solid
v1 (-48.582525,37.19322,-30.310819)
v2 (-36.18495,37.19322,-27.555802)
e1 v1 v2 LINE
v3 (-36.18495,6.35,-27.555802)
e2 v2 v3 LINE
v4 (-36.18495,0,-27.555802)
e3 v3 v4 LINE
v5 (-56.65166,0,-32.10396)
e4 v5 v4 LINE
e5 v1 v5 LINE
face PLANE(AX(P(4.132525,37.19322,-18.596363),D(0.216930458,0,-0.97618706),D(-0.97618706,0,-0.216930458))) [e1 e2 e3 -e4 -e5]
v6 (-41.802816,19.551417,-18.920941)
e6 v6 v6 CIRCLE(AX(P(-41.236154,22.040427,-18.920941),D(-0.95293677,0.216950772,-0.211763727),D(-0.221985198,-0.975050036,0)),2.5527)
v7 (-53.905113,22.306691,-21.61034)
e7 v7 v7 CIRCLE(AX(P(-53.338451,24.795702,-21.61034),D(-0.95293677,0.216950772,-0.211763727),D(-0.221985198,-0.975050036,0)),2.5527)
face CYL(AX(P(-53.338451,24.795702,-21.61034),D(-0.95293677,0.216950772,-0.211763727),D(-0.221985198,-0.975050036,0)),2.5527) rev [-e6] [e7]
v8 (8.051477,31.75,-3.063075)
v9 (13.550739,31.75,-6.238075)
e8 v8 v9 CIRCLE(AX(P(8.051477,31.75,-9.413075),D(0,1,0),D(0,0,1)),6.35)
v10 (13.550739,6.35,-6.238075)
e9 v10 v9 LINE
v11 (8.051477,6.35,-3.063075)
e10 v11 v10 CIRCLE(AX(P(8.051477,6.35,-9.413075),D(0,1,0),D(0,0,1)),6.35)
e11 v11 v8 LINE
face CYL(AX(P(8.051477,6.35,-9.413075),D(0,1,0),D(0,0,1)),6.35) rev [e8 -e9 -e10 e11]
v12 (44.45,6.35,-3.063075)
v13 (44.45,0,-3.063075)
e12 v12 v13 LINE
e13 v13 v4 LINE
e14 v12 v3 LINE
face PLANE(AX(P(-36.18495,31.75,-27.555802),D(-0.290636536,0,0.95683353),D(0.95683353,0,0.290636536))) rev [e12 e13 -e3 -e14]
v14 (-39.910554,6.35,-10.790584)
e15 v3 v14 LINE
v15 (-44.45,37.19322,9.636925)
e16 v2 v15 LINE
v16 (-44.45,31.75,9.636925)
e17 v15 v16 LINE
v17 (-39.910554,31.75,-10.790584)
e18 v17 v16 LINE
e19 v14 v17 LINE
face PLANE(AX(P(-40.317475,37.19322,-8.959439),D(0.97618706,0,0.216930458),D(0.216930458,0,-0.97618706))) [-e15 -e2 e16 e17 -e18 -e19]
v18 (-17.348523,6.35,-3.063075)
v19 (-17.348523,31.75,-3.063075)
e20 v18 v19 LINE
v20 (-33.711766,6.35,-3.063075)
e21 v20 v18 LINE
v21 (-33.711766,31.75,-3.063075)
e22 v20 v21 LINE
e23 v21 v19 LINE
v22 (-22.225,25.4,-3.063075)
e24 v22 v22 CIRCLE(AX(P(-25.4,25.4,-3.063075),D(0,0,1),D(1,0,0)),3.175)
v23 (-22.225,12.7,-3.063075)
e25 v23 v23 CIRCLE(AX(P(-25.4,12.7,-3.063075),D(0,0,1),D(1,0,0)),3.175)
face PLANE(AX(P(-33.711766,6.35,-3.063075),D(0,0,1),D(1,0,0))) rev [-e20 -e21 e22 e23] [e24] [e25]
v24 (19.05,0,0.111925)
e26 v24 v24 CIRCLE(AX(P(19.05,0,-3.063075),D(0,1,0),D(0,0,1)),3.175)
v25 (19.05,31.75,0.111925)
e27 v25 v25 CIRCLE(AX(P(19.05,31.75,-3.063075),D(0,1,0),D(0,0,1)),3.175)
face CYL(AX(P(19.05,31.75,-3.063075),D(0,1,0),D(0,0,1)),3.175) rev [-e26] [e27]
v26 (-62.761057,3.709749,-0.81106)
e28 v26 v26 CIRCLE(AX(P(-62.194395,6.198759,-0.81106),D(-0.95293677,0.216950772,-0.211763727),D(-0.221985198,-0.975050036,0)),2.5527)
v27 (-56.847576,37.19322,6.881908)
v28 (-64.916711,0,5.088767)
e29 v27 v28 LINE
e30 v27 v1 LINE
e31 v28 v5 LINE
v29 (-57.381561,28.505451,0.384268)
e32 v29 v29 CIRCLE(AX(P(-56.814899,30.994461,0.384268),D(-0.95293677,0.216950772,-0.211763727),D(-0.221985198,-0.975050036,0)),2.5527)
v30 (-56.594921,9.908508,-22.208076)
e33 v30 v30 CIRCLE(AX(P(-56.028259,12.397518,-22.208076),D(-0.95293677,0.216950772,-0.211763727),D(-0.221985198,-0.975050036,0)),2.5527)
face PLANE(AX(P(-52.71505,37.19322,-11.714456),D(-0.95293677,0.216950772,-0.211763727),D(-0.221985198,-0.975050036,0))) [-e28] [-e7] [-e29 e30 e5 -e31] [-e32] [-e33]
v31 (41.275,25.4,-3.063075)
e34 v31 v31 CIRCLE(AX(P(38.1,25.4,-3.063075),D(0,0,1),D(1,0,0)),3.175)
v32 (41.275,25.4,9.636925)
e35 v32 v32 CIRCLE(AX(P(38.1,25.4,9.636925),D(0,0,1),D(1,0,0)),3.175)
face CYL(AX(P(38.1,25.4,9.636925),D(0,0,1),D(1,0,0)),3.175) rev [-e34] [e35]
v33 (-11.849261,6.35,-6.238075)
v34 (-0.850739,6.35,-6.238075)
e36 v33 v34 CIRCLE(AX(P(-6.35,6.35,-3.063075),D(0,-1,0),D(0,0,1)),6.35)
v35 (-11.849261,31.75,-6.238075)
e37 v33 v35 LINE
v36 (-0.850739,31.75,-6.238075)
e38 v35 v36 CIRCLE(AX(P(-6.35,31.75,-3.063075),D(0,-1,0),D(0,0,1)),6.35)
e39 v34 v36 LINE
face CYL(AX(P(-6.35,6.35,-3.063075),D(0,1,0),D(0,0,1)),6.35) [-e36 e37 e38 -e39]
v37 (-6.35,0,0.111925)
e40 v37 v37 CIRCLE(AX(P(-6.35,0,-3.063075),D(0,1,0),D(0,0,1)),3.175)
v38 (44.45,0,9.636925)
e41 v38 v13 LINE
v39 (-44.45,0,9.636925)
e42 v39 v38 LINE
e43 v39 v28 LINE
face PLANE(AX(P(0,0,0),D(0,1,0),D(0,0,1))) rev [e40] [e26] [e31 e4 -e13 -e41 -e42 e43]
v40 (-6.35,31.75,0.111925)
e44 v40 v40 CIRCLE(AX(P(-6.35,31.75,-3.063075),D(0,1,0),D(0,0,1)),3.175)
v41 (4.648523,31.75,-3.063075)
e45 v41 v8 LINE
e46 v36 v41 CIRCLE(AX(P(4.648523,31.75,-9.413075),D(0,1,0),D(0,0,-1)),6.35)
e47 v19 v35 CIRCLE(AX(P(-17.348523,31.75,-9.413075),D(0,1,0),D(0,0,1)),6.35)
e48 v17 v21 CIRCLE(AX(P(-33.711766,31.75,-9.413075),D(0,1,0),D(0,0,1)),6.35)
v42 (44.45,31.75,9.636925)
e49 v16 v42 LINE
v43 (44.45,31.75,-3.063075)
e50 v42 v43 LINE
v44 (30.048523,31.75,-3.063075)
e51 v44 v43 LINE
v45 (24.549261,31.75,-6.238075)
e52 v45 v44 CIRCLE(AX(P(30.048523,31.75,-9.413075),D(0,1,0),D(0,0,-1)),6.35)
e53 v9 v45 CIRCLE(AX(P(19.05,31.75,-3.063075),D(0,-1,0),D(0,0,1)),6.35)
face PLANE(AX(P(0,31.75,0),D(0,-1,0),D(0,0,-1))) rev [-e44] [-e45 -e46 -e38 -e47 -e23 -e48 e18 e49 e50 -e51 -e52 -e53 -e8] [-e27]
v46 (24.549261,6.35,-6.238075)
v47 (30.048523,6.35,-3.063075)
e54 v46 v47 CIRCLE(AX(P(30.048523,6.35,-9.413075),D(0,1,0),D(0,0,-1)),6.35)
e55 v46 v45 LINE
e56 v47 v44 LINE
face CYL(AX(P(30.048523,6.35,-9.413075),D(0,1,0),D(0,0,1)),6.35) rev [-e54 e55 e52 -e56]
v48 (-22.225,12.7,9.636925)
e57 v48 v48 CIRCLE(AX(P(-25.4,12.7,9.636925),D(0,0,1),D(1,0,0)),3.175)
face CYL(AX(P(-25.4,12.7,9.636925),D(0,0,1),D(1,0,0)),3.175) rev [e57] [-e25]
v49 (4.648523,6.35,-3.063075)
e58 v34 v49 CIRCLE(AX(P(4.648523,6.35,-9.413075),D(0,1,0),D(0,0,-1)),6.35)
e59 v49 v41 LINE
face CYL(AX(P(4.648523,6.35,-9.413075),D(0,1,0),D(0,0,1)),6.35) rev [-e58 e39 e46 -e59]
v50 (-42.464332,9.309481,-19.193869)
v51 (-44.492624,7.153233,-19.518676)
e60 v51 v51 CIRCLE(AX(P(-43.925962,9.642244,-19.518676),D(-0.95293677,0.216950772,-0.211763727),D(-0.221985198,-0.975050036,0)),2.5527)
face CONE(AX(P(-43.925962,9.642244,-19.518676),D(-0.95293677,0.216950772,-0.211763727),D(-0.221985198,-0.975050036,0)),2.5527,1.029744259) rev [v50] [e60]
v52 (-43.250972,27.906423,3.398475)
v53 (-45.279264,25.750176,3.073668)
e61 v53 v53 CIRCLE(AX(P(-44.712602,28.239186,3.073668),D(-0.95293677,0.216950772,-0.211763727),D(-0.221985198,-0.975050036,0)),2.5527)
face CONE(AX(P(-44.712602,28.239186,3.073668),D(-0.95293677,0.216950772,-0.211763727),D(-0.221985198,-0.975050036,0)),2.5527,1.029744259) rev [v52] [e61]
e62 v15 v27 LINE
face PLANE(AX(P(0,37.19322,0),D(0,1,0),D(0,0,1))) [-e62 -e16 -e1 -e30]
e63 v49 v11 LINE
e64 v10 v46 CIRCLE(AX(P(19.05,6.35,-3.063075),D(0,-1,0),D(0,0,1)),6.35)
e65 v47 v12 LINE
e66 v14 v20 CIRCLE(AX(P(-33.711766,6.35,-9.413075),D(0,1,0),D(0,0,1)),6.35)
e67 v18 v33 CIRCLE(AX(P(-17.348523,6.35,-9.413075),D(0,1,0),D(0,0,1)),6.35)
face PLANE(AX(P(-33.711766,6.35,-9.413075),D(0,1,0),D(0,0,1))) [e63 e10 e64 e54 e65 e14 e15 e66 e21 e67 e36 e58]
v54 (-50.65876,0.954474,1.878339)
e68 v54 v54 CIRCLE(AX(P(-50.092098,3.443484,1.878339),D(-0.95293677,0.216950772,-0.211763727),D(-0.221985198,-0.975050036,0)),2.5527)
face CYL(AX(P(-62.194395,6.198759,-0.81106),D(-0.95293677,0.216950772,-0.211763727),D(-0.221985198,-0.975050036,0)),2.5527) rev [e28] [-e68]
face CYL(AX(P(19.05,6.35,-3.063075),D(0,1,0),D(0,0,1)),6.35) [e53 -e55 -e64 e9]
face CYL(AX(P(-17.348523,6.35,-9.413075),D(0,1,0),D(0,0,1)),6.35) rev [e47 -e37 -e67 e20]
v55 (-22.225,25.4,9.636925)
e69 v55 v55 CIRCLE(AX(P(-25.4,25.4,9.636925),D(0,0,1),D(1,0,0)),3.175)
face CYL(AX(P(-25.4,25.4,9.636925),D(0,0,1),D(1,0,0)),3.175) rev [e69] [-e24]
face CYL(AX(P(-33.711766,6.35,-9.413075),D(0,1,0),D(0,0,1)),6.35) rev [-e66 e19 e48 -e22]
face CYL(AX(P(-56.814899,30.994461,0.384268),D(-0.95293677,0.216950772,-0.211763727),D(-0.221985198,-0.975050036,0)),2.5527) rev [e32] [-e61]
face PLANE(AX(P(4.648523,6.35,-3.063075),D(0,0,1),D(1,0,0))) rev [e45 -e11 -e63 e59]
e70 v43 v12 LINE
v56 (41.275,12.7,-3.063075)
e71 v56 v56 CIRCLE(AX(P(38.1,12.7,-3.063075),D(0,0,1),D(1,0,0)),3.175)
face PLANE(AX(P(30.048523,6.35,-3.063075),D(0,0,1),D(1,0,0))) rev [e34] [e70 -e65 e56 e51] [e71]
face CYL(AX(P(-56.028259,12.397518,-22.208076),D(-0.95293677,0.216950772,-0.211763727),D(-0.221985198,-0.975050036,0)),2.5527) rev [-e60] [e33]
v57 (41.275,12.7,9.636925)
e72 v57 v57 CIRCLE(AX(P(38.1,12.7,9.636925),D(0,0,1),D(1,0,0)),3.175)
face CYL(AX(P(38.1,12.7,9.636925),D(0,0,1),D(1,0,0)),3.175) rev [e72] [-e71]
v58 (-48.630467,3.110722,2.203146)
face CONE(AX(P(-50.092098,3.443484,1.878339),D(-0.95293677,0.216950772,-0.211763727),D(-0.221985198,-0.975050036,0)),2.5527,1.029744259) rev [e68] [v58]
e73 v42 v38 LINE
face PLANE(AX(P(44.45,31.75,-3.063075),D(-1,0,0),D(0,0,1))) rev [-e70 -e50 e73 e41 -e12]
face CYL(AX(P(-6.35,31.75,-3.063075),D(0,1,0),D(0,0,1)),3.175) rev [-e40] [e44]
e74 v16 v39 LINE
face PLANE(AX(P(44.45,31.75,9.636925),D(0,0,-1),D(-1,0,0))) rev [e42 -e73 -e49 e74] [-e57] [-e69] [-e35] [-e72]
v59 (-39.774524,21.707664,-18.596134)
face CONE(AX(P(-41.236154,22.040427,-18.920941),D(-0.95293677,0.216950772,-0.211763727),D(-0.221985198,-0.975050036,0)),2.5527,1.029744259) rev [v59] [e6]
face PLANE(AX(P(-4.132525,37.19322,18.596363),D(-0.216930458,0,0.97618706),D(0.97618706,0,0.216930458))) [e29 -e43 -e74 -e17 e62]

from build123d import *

# Parameters (mm, degrees)
BOSS_EXTRUDE1_DEPTH             = 37.19322
BOSS_EXTRUDE2_DEPTH             = 31.75
DRAFT1_ANGLE                    = 12.53
F_1_4_0_25_DIAMETER_HOLE2_D     = 6.35
CUT_EXTRUDE2_DEPTH              = 25.4
F_1_4_0_25_DIAMETER_HOLE3_D     = 6.35
F_1_4_0_25_DIAMETER_HOLE3_DEPTH = 31.75
F_1_4_0_25_DIAMETER_HOLE3_TIP   = 1.907732465
F_1_4_20_TAPPED_HOLE1_D         = 5.1054
F_1_4_20_TAPPED_HOLE1_DEPTH     = 12.7
F_1_4_20_TAPPED_HOLE1_TIP       = 1.533816902


with BuildPart() as part:
    # Sketch1 → Boss-Extrude1 (new body)
    with BuildSketch(Plane(origin=(0, 0, 0), x_dir=(1, 0, 0), z_dir=(0, 1, 0))):
        Polygon((-48.582525221, 30.31081915), (-36.184949557, 27.555802336), (-44.45, -9.636924657), (-56.847575664, -6.881907843), align=None)
    extrude(amount=BOSS_EXTRUDE1_DEPTH)

    # Sketch8 → Boss-Extrude2 (add)
    with BuildSketch(Plane(origin=(0, 0, 0), x_dir=(1, 0, 0), z_dir=(0, 1, 0))):
        Polygon((-36.184949557, 27.555802336), (44.45, 3.063075343), (44.45, -9.636924657), (-44.45, -9.636924657), align=None)
    extrude(amount=BOSS_EXTRUDE2_DEPTH)

    # Draft1
    draft1_faces = [part.faces().sort_by_distance(p)[0] for p in [
        (-52.715050443, 18.59661, -11.714455654),
    ]]
    draft(draft1_faces, Plane.ZX.offset(37.19322), DRAFT1_ANGLE)

    # 1/4 (0.25) Diameter Hole2 (through all)
    with Locations(Plane(origin=(0, 31.75, 0), x_dir=(1, 0, 0), z_dir=(0, 1, 0))):
        with Locations((-6.35, 3.063075343), (19.05, 3.063075343)):
            Hole(F_1_4_0_25_DIAMETER_HOLE2_D / 2)

    # Sketch13 → Cut-Extrude2 (cut)
    with BuildSketch(Plane(origin=(0, 31.75, 0), x_dir=(1, 0, 0), z_dir=(0, 1, 0))):
        with BuildLine():
            Line((-36.184949557, 27.555802336), (-39.910553687, 10.79058375))
            ThreePointArc((-39.910553687, 10.79058375), (-38.665031363, 5.439706394), (-33.711765855, 3.063075343))
            Line((-33.711765855, 3.063075343), (-17.348522628, 3.063075343))
            ThreePointArc((-17.348522628, 3.063075343), (-14.173522628, 3.913814029), (-11.849261314, 6.238075343))
            ThreePointArc((-11.849261314, 6.238075343), (-6.35, 9.413075343), (-0.850738686, 6.238075343))
            ThreePointArc((-0.850738686, 6.238075343), (1.473522628, 3.913814029), (4.648522628, 3.063075343))
            Line((4.648522628, 3.063075343), (8.051477372, 3.063075343))
            ThreePointArc((8.051477372, 3.063075343), (11.226477372, 3.913814029), (13.550738686, 6.238075343))
            ThreePointArc((13.550738686, 6.238075343), (19.05, 9.413075343), (24.549261314, 6.238075343))
            ThreePointArc((24.549261314, 6.238075343), (26.873522628, 3.913814029), (30.048522628, 3.063075343))
            Line((30.048522628, 3.063075343), (44.45, 3.063075343))
            Line((44.45, 3.063075343), (-36.184949557, 27.555802336))
        make_face()
    extrude(amount=-CUT_EXTRUDE2_DEPTH, mode=Mode.SUBTRACT)

    # 1/4 (0.25) Diameter Hole3
    with Locations(Plane.XY.offset(9.636924657)):
        with Locations((38.1, 25.4), (38.1, 12.7), (-25.4, 25.4), (-25.4, 12.7)):
            Hole(F_1_4_0_25_DIAMETER_HOLE3_D / 2, depth=F_1_4_0_25_DIAMETER_HOLE3_DEPTH)
            with Locations((0, 0, -(F_1_4_0_25_DIAMETER_HOLE3_DEPTH + F_1_4_0_25_DIAMETER_HOLE3_TIP / 2))):  # 118° drill point
                Cone(0, F_1_4_0_25_DIAMETER_HOLE3_D / 2, F_1_4_0_25_DIAMETER_HOLE3_TIP, mode=Mode.SUBTRACT)

    # 1/4-20 Tapped Hole1
    with Locations(Plane(origin=(-57.923217538, 13.187114971, -12.87182612), x_dir=(-0.20648022911920935, 0.04700841279958709, 0.977320891063392), z_dir=(-0.9529367695675907, 0.2169507716396215, -0.21176372657057574))):
        with Locations((13.563707416, 17.609083513), (12.340640779, -7.762134727), (-8.941294908, 12.336703083), (-9.552900666, -0.349243556)):
            Hole(F_1_4_20_TAPPED_HOLE1_D / 2, depth=F_1_4_20_TAPPED_HOLE1_DEPTH)
            with Locations((0, 0, -(F_1_4_20_TAPPED_HOLE1_DEPTH + F_1_4_20_TAPPED_HOLE1_TIP / 2))):  # 118° drill point
                Cone(0, F_1_4_20_TAPPED_HOLE1_D / 2, F_1_4_20_TAPPED_HOLE1_TIP, mode=Mode.SUBTRACT)


solid = part.part
